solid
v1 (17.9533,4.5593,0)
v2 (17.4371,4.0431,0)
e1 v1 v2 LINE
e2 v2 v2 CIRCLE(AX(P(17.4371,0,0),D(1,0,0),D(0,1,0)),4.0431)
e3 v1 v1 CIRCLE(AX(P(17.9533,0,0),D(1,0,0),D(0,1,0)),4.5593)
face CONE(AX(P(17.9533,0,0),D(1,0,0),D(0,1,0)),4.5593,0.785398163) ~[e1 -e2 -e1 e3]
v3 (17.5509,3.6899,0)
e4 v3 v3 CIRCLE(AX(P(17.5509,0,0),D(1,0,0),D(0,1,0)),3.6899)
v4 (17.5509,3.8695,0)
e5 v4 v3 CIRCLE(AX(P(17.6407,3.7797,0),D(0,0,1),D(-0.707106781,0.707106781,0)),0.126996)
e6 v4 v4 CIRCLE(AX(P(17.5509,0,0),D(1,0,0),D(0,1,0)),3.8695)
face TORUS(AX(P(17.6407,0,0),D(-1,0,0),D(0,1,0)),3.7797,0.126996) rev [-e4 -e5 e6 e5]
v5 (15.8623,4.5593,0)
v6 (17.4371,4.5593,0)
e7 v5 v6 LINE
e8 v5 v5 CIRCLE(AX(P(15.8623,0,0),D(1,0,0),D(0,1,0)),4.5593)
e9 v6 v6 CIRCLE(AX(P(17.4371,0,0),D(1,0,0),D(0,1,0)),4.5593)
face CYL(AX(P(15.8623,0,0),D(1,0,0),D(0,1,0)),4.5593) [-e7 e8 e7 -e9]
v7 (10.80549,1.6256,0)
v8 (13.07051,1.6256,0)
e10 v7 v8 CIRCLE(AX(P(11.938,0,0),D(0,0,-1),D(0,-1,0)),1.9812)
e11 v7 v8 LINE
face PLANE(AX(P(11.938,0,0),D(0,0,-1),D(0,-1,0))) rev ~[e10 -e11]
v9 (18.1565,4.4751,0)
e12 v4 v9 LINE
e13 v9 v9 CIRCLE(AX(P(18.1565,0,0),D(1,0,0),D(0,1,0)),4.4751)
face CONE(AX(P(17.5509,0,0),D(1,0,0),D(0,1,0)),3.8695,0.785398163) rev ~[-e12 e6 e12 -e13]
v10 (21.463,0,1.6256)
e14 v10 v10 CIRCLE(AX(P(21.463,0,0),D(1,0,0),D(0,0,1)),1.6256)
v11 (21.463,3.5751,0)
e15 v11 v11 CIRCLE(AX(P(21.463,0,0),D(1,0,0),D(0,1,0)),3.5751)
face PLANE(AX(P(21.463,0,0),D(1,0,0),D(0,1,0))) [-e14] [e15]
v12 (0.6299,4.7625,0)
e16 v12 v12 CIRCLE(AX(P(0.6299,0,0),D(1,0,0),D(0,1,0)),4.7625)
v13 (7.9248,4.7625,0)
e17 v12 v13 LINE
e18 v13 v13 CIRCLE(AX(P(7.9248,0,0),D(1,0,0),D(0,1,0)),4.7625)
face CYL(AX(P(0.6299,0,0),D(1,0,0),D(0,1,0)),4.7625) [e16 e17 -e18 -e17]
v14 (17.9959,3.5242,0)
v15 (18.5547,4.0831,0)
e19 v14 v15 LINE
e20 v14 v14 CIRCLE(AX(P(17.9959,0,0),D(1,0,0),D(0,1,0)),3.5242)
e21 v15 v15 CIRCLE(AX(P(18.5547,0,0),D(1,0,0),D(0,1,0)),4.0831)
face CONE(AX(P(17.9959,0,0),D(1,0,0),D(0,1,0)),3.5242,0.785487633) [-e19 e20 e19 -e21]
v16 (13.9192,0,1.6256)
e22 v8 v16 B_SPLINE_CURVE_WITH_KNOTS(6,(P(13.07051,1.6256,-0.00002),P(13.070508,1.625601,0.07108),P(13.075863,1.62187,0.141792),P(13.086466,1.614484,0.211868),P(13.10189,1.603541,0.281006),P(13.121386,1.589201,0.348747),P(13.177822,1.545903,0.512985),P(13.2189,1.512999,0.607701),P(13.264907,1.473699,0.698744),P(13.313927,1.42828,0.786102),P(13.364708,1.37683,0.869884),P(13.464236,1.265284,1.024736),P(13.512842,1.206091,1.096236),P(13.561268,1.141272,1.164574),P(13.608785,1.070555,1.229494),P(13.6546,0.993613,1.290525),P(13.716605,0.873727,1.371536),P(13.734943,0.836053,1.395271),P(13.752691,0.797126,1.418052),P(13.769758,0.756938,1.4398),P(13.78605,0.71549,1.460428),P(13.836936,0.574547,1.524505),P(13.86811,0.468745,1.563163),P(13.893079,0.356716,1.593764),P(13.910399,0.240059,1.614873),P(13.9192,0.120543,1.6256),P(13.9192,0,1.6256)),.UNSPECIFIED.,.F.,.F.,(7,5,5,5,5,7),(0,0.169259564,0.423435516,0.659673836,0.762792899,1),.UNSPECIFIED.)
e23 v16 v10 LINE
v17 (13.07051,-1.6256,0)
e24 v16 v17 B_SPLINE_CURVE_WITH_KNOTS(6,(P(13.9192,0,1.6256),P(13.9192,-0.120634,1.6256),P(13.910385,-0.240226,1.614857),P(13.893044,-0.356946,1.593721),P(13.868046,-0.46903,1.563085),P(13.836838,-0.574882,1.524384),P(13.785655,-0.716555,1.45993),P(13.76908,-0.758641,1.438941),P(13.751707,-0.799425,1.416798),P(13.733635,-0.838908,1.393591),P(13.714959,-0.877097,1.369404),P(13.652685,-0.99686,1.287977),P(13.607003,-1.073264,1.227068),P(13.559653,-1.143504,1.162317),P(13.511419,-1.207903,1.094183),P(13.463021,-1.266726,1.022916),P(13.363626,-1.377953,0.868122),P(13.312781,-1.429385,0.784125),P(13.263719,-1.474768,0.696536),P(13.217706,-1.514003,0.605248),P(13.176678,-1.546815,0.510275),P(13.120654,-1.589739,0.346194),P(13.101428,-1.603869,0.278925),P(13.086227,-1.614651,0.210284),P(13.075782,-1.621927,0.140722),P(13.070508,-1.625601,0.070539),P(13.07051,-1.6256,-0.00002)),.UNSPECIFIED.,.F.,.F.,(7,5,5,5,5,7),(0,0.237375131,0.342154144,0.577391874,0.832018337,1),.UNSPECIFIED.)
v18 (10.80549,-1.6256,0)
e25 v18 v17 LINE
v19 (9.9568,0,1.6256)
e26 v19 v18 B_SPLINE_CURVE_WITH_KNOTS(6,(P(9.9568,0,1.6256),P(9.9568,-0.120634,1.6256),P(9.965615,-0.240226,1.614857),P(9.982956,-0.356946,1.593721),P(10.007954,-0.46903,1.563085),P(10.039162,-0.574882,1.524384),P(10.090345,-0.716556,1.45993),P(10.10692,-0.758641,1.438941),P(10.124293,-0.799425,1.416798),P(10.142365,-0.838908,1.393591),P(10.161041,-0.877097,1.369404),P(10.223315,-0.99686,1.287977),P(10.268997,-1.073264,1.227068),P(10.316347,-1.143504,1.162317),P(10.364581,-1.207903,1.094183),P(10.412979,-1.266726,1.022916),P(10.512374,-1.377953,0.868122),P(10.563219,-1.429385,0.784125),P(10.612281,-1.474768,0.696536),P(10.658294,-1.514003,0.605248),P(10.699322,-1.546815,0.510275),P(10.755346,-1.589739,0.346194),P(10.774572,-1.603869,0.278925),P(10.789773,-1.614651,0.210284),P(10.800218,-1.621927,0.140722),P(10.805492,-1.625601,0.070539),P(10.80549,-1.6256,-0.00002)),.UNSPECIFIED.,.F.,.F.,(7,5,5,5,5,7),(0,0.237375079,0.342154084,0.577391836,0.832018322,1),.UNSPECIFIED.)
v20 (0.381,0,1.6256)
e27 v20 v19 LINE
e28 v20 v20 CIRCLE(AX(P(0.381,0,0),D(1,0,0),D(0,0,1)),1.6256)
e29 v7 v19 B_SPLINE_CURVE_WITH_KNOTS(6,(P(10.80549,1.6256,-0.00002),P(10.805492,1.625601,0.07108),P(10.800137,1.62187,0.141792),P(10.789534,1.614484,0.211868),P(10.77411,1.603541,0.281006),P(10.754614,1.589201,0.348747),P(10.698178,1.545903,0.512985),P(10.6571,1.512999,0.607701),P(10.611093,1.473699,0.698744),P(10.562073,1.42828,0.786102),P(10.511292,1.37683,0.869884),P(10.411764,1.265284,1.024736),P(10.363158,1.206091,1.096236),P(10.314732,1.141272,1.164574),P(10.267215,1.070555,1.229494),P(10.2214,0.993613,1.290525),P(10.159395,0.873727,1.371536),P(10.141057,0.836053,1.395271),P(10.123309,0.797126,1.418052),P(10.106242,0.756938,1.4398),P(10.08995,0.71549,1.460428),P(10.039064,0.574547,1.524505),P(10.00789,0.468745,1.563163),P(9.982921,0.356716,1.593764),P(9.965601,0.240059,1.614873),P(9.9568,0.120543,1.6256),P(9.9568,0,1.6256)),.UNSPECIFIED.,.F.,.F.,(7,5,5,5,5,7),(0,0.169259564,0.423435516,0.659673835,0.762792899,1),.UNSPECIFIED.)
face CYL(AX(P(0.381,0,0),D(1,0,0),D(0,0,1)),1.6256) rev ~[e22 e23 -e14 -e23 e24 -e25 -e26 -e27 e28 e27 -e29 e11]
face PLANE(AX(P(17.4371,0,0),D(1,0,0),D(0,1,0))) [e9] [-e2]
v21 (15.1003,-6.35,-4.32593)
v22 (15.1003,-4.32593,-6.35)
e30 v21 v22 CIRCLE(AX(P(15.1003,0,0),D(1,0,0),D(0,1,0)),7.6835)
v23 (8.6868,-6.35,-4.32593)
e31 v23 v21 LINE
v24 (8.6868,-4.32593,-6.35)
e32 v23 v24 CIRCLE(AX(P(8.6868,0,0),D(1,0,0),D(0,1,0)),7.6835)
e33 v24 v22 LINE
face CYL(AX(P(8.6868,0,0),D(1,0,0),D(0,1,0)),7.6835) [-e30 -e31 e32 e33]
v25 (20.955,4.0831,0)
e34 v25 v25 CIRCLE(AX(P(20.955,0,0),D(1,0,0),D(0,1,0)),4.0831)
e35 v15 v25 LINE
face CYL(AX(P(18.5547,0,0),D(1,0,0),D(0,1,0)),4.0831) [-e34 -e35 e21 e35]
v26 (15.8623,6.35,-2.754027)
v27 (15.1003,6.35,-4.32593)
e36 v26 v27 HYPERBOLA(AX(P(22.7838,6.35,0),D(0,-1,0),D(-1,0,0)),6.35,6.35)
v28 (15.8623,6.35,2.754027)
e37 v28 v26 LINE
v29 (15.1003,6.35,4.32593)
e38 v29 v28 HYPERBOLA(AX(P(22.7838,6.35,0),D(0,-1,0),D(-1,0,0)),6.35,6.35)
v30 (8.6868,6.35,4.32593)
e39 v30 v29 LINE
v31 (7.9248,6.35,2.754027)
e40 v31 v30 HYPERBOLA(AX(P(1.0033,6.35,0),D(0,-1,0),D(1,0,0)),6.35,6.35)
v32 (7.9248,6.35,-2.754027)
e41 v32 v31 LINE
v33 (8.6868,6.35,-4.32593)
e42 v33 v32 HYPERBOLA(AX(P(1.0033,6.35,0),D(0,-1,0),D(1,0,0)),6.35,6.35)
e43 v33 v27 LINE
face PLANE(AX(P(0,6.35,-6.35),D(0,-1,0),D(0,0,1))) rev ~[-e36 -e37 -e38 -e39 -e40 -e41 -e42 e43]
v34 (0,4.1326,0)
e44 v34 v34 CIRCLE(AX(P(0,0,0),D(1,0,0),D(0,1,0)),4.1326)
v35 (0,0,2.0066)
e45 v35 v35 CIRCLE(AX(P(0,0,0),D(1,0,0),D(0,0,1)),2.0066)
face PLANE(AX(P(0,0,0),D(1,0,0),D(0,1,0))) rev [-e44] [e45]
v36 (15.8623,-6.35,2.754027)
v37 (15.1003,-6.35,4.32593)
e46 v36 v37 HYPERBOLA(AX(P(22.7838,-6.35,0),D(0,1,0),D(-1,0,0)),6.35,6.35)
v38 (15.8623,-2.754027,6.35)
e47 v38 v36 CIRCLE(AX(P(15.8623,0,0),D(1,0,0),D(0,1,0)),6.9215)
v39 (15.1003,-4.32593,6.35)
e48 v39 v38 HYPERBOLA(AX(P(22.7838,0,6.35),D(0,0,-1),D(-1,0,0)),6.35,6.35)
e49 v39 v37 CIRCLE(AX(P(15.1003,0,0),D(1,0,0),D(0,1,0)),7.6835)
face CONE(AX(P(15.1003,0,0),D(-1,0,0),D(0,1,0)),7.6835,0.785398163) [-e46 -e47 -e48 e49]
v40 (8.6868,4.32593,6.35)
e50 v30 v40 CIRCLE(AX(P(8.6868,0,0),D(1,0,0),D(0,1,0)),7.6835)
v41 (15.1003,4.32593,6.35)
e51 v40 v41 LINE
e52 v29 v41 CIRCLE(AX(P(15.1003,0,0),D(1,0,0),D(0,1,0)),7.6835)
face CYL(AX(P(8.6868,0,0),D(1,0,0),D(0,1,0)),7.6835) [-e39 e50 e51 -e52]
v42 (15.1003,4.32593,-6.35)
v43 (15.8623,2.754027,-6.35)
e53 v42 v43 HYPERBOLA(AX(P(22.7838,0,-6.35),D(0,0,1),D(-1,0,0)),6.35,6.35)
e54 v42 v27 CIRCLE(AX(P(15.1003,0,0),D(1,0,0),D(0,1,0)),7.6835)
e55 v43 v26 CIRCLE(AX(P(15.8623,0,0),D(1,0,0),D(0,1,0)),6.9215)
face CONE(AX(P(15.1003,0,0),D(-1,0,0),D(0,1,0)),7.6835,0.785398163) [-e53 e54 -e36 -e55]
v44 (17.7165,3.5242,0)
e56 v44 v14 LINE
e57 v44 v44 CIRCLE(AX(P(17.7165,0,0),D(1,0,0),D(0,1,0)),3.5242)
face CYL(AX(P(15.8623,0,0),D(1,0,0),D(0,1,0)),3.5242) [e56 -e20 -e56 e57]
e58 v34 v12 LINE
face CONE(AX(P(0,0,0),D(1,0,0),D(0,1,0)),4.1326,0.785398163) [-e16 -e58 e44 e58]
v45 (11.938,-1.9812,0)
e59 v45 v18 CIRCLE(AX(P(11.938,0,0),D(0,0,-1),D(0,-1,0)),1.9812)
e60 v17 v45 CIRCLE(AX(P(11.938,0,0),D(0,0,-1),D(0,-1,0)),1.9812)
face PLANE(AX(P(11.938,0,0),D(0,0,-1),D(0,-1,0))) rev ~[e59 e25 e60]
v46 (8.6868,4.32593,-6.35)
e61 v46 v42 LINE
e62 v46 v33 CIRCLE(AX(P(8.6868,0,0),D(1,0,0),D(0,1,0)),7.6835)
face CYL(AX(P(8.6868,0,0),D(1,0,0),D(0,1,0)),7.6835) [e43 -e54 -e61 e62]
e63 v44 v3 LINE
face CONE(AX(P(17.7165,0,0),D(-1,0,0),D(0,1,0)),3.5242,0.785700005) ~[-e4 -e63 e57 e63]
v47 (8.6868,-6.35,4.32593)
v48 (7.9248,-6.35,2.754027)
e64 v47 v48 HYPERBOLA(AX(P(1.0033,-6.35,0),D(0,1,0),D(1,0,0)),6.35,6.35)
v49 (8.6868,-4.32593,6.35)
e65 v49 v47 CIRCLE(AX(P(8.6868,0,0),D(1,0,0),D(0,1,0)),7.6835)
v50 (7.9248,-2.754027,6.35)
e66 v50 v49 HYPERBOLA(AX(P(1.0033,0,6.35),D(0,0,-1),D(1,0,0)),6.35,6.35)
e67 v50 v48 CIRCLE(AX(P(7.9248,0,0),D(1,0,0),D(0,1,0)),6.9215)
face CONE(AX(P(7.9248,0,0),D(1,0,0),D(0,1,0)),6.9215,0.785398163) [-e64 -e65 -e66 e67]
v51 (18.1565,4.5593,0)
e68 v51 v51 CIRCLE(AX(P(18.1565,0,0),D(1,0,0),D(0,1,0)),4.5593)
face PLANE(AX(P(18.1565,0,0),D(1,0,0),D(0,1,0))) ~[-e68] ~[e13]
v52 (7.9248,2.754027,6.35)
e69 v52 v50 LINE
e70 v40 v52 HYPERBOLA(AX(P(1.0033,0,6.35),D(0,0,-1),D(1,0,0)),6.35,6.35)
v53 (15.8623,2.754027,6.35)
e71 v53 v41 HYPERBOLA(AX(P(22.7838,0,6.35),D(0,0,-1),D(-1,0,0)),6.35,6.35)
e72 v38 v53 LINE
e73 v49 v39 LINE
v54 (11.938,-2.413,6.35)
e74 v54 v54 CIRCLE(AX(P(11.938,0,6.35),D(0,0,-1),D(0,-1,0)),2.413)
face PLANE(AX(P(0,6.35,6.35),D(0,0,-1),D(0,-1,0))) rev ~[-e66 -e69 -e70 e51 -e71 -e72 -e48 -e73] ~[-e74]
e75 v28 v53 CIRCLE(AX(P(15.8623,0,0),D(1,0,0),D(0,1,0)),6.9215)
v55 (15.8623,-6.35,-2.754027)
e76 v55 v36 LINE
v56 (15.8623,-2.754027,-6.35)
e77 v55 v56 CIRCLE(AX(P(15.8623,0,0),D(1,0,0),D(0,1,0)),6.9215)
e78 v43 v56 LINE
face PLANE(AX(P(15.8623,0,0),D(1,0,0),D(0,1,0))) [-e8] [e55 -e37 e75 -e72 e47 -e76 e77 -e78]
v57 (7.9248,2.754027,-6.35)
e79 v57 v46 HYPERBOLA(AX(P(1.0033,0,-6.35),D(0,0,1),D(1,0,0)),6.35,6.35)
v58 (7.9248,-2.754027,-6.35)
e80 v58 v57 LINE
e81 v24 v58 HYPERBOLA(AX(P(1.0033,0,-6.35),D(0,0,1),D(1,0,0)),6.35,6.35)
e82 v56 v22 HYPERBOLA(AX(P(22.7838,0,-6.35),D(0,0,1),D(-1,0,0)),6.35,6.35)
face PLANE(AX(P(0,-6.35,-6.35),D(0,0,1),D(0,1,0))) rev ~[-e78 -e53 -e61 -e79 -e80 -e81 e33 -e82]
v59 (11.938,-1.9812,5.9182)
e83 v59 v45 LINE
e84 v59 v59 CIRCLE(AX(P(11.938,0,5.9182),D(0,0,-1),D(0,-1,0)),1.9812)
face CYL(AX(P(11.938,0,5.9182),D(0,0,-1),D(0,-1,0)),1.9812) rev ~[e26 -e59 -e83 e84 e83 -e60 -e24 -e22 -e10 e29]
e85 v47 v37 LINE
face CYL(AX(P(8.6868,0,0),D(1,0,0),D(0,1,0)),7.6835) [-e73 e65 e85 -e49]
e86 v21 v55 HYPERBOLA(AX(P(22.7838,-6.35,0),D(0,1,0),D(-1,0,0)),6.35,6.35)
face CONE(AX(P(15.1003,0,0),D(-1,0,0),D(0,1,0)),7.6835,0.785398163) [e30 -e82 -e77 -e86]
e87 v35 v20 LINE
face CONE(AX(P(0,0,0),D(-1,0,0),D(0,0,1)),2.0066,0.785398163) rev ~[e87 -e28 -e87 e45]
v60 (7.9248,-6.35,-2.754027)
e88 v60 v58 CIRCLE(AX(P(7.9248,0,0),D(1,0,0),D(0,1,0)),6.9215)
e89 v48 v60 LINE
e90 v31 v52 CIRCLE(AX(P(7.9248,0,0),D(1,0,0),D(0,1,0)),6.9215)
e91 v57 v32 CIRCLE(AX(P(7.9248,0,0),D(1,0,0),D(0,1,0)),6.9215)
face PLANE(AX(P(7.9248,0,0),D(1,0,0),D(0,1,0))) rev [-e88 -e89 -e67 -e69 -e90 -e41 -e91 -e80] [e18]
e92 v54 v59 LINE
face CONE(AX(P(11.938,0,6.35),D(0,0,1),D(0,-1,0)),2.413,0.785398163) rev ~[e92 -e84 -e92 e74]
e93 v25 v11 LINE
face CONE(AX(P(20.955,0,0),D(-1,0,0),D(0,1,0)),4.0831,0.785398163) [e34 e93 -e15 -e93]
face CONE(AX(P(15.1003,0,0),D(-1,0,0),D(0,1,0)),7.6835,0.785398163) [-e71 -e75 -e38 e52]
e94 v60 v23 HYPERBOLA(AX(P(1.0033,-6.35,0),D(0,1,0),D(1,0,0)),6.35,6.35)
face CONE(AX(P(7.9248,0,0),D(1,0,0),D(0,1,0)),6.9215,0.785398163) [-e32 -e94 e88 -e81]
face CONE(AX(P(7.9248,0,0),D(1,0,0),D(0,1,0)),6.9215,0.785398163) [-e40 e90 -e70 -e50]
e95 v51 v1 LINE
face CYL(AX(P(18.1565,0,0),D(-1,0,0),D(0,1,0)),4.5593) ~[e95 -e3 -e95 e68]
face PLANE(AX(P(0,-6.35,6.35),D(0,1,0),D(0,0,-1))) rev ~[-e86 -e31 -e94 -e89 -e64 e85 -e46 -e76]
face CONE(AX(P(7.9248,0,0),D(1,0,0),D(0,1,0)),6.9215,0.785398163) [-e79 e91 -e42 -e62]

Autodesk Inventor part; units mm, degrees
sketch "Sketch_1" plane through (0, 0, 0) normal (0, 0, 1) x (1, 0, 0)
  line L0 (7.9248, 0) -> (0, 0)
  line L1 (0, 0) -> (0, 4.1326)
  line L2 (0, 4.1326) -> (0.6299, 4.7625)
  line L3 (0.6299, 4.7625) -> (7.9248, 4.7625)
  line L4 (7.9248, 4.7625) -> (7.9248, 0)
  line L5 (7.9248, 0) -> (0, 0)
revolve "Revolution1" add sketch "Sketch_1" angle 360 about axis through (7.9248, 0, 0) along (1, 0, 0)
thread "Thread1" size "3/8-24 UNF" class "2A" standard "ANSI Unified Screw Threads" full length
sketch "Sketch_3" plane through (0, 0, 0) normal (0, 0, 1) x (1, 0, 0)
  line L0 (21.463, 0) -> (7.9248, 0)
  line L1 (7.9248, 0) -> (7.9248, 6.9215)
  line L2 (7.9248, 6.9215) -> (8.6868, 7.6835)
  line L3 (8.6868, 7.6835) -> (15.1003, 7.6835)
  line L4 (15.1003, 7.6835) -> (15.8623, 6.9215)
  line L5 (15.8623, 6.9215) -> (15.8623, 3.5242)
  line L6 (15.8623, 3.5242) -> (17.9959, 3.5242)
  line L7 (17.9959, 3.5242) -> (18.5547, 4.0831)
  line L8 (18.5547, 4.0831) -> (20.955, 4.0831)
  line L9 (20.955, 4.0831) -> (21.463, 3.5751)
  line L10 (21.463, 3.5751) -> (21.463, 0)
  line L11 (21.463, 0) -> (7.9248, 0)
revolve "Revolution2" add sketch "Sketch_3" angle 360 about axis through (21.463, 0, 0) along (1, 0, 0)
sketch "Sketch_17" plane through (0, 0, 0) normal (0, 0, 1) x (1, 0, 0)
  line L0 (17.4371, 0) -> (15.8623, 0)
  line L1 (15.8623, 0) -> (15.8623, 4.5593)
  line L2 (15.8623, 4.5593) -> (17.4371, 4.5593)
  line L3 (17.4371, 4.5593) -> (17.4371, 0)
  line L4 (17.4371, 0) -> (15.8623, 0)
revolve "Revolution3" add sketch "Sketch_17" angle 360 about axis through (17.4371, 0, 0) along (1, 0, 0)
sketch "Sketch4" plane through (0, 0, 0) normal (-1, 0, 0) x (0, 0, 1)
  point P0 (0, 0)
hole "Drilling 1" at (0, 0, 0) direction (1, 0, 0) diameter 3.2512 depth 21.463 countersink diameter 4.0132 countersink angle 90
sketch "Sketch_16" plane through (0, 0, 0) normal (1, 0, 0) x (0, 1, 0)
  line L0 (12.7, 12.7) -> (-12.7, 12.7)
  line L1 (-12.7, 12.7) -> (-12.7, -12.7)
  line L2 (-12.7, -12.7) -> (12.7, -12.7)
  line L3 (12.7, -12.7) -> (12.7, 12.7)
  line L4 (6.35, 6.35) -> (-6.35, 6.35)
  line L5 (-6.35, 6.35) -> (-6.35, -6.35)
  line L6 (-6.35, -6.35) -> (6.35, -6.35)
  line L7 (6.35, -6.35) -> (6.35, 6.35)
extrude "Extrusion1" cut sketch "Sketch_16" along normal blind 21.463
sketch "Sketch6" plane through (8.6868, -4.3259, 6.35) normal (0, 0, 1) x (1, 0, 0)
  point P0 (3.2512, 4.3259)
hole "Drilling 2" at (11.938, 0, 6.35) direction (0, 0, -1) diameter 3.9624 depth 6.35 countersink diameter 4.826 countersink angle 90 thread size "10-32 UNF" class "2B" standard "ANSI Unified Screw Threads"
sketch "Sketch_47" plane through (0, 0, 0) normal (0, 0, 1) x (1, 0, 0)
  line L0 (17.9959, 0) -> (17.4371, 0)
  line L1 (17.4371, 3.2702) -> (17.9959, 3.2702)
  line L2 (17.9959, 3.2702) -> (17.9959, 3.5242)
  line L3 (17.9959, 3.5242) -> (17.7165, 3.5242)
  line L4 (17.7165, 3.5242) -> (17.5509, 3.6899)
  arc A0 (17.5509, 3.8695) -> (17.5509, 3.6899) centre (17.6407, 3.7797) ccw
  line L5 (17.5509, 3.8695) -> (18.1565, 4.4751)
  line L6 (18.1565, 4.4751) -> (18.1565, 4.5593)
  line L7 (18.1565, 4.5593) -> (17.9533, 4.5593)
  line L8 (17.9533, 4.5593) -> (17.4371, 4.0431)
  line L9 (17.4371, 4.0431) -> (17.4371, 3.2702)
revolve "Revolution4" add sketch "Sketch_47" angle 360 about axis through (17.9959, 0, 0) along (1, 0, 0)
ref_plane "sq1_XY" through (0, 0, 6.35) normal (1, 0, 0) x (0, 0, -1)
ref_plane "sq1_YZ" through (0, 0, 6.35) normal (0, 0, -1) x (0, 1, 0)
ref_plane "sq1_ZX" through (0, 0, 6.35) normal (0, 1, 0) x (1, 0, 0)
ref_plane "sq2_XY" through (0, 0, -6.35) normal (1, 0, 0) x (0, 0, -1)
ref_plane "sq2_YZ" through (0, 0, -6.35) normal (0, 0, -1) x (0, 1, 0)
ref_plane "sq2_ZX" through (0, 0, -6.35) normal (0, 1, 0) x (1, 0, 0)
ref_plane "rod_guide_XY" through (0, 0, 0) normal (1, 0, 0) x (0, 0, -1)
ref_plane "rod_guide_YZ" through (0, 0, 0) normal (0, 0, -1) x (0, 1, 0)
ref_plane "rod_guide_ZX" through (0, 0, 0) normal (0, 1, 0) x (1, 0, 0)
ref_plane "to_tube_XY" through (17.9959, 0, 0) normal (1, 0, 0) x (0, 0, -1)
ref_plane "to_tube_YZ" through (17.9959, 0, 0) normal (0, 0, -1) x (0, 1, 0)
ref_plane "to_tube_ZX" through (17.9959, 0, 0) normal (0, 1, 0) x (1, 0, 0)
ref_plane "to_foot_bracket_XY" through (7.9248, 0, 0) normal (1, 0, 0) x (0, 0, -1)
ref_plane "to_foot_bracket_YZ" through (7.9248, 0, 0) normal (0, 0, -1) x (0, 1, 0)
ref_plane "to_foot_bracket_ZX" through (7.9248, 0, 0) normal (0, 1, 0) x (1, 0, 0)
ref_plane "to_nut_XY" through (7.9248, 0, 0) normal (1, 0, 0) x (0, 0, -1)
ref_plane "to_nut_YZ" through (7.9248, 0, 0) normal (0, 0, -1) x (0, 1, 0)
ref_plane "to_nut_ZX" through (7.9248, 0, 0) normal (0, 1, 0) x (1, 0, 0)
ref_plane "to_trunnion_brackets_XY" through (0, 0, 0) normal (0, 1, 0) x (1, 0, 0)
ref_plane "to_trunnion_brackets_YZ" through (0, 0, 0) normal (1, 0, 0) x (0, 0, -1)
ref_plane "to_trunnion_brackets_ZX" through (0, 0, 0) normal (0, 0, -1) x (0, 1, 0)
ref_plane "to_trunnion_brackets1_XY" through (0, 6.35, 0) normal (0, 1, 0) x (1, 0, 0)
ref_plane "to_trunnion_brackets1_YZ" through (0, 6.35, 0) normal (1, 0, 0) x (0, 0, -1)
ref_plane "to_trunnion_brackets1_ZX" through (0, 6.35, 0) normal (0, 0, -1) x (0, 1, 0)
ref_plane "to_trunnion_brackets2_XY" through (0, -6.35, 0) normal (0, 1, 0) x (1, 0, 0)
ref_plane "to_trunnion_brackets2_YZ" through (0, -6.35, 0) normal (1, 0, 0) x (0, 0, -1)
ref_plane "to_trunnion_brackets2_ZX" through (0, -6.35, 0) normal (0, 0, -1) x (0, 1, 0)
ref_plane "t111_XY" through (7.9248, 0, 0) normal (1, 0, 0) x (0, 0, -1)
ref_plane "t111_YZ" through (7.9248, 0, 0) normal (0, 0, -1) x (0, 1, 0)
ref_plane "t111_ZX" through (7.9248, 0, 0) normal (0, 1, 0) x (1, 0, 0)
ref_plane "t1_XY" through (7.9248, 0, 0) normal (1, 0, 0) x (0, 0, -1)
ref_plane "t1_YZ" through (7.9248, 0, 0) normal (0, 0, -1) x (0, 1, 0)
ref_plane "t1_ZX" through (7.9248, 0, 0) normal (0, 1, 0) x (1, 0, 0)
ref_plane "port_XY" through (11.938, 0, 0) normal (0, 0, 1) x (1, 0, 0)
ref_plane "port_YZ" through (11.938, 0, 0) normal (1, 0, 0) x (0, 1, 0)
ref_plane "port_ZX" through (11.938, 0, 0) normal (0, 1, 0) x (0, 0, 1)
ref_plane "to_screw_XY" through (11.938, 0, 0) normal (0, 1, 0) x (1, 0, 0)
ref_plane "to_screw_YZ" through (11.938, 0, 0) normal (1, 0, 0) x (0, 0, -1)
ref_plane "to_screw_ZX" through (11.938, 0, 0) normal (0, 0, -1) x (0, 1, 0)
properties part number "007R000_rod_guide"
